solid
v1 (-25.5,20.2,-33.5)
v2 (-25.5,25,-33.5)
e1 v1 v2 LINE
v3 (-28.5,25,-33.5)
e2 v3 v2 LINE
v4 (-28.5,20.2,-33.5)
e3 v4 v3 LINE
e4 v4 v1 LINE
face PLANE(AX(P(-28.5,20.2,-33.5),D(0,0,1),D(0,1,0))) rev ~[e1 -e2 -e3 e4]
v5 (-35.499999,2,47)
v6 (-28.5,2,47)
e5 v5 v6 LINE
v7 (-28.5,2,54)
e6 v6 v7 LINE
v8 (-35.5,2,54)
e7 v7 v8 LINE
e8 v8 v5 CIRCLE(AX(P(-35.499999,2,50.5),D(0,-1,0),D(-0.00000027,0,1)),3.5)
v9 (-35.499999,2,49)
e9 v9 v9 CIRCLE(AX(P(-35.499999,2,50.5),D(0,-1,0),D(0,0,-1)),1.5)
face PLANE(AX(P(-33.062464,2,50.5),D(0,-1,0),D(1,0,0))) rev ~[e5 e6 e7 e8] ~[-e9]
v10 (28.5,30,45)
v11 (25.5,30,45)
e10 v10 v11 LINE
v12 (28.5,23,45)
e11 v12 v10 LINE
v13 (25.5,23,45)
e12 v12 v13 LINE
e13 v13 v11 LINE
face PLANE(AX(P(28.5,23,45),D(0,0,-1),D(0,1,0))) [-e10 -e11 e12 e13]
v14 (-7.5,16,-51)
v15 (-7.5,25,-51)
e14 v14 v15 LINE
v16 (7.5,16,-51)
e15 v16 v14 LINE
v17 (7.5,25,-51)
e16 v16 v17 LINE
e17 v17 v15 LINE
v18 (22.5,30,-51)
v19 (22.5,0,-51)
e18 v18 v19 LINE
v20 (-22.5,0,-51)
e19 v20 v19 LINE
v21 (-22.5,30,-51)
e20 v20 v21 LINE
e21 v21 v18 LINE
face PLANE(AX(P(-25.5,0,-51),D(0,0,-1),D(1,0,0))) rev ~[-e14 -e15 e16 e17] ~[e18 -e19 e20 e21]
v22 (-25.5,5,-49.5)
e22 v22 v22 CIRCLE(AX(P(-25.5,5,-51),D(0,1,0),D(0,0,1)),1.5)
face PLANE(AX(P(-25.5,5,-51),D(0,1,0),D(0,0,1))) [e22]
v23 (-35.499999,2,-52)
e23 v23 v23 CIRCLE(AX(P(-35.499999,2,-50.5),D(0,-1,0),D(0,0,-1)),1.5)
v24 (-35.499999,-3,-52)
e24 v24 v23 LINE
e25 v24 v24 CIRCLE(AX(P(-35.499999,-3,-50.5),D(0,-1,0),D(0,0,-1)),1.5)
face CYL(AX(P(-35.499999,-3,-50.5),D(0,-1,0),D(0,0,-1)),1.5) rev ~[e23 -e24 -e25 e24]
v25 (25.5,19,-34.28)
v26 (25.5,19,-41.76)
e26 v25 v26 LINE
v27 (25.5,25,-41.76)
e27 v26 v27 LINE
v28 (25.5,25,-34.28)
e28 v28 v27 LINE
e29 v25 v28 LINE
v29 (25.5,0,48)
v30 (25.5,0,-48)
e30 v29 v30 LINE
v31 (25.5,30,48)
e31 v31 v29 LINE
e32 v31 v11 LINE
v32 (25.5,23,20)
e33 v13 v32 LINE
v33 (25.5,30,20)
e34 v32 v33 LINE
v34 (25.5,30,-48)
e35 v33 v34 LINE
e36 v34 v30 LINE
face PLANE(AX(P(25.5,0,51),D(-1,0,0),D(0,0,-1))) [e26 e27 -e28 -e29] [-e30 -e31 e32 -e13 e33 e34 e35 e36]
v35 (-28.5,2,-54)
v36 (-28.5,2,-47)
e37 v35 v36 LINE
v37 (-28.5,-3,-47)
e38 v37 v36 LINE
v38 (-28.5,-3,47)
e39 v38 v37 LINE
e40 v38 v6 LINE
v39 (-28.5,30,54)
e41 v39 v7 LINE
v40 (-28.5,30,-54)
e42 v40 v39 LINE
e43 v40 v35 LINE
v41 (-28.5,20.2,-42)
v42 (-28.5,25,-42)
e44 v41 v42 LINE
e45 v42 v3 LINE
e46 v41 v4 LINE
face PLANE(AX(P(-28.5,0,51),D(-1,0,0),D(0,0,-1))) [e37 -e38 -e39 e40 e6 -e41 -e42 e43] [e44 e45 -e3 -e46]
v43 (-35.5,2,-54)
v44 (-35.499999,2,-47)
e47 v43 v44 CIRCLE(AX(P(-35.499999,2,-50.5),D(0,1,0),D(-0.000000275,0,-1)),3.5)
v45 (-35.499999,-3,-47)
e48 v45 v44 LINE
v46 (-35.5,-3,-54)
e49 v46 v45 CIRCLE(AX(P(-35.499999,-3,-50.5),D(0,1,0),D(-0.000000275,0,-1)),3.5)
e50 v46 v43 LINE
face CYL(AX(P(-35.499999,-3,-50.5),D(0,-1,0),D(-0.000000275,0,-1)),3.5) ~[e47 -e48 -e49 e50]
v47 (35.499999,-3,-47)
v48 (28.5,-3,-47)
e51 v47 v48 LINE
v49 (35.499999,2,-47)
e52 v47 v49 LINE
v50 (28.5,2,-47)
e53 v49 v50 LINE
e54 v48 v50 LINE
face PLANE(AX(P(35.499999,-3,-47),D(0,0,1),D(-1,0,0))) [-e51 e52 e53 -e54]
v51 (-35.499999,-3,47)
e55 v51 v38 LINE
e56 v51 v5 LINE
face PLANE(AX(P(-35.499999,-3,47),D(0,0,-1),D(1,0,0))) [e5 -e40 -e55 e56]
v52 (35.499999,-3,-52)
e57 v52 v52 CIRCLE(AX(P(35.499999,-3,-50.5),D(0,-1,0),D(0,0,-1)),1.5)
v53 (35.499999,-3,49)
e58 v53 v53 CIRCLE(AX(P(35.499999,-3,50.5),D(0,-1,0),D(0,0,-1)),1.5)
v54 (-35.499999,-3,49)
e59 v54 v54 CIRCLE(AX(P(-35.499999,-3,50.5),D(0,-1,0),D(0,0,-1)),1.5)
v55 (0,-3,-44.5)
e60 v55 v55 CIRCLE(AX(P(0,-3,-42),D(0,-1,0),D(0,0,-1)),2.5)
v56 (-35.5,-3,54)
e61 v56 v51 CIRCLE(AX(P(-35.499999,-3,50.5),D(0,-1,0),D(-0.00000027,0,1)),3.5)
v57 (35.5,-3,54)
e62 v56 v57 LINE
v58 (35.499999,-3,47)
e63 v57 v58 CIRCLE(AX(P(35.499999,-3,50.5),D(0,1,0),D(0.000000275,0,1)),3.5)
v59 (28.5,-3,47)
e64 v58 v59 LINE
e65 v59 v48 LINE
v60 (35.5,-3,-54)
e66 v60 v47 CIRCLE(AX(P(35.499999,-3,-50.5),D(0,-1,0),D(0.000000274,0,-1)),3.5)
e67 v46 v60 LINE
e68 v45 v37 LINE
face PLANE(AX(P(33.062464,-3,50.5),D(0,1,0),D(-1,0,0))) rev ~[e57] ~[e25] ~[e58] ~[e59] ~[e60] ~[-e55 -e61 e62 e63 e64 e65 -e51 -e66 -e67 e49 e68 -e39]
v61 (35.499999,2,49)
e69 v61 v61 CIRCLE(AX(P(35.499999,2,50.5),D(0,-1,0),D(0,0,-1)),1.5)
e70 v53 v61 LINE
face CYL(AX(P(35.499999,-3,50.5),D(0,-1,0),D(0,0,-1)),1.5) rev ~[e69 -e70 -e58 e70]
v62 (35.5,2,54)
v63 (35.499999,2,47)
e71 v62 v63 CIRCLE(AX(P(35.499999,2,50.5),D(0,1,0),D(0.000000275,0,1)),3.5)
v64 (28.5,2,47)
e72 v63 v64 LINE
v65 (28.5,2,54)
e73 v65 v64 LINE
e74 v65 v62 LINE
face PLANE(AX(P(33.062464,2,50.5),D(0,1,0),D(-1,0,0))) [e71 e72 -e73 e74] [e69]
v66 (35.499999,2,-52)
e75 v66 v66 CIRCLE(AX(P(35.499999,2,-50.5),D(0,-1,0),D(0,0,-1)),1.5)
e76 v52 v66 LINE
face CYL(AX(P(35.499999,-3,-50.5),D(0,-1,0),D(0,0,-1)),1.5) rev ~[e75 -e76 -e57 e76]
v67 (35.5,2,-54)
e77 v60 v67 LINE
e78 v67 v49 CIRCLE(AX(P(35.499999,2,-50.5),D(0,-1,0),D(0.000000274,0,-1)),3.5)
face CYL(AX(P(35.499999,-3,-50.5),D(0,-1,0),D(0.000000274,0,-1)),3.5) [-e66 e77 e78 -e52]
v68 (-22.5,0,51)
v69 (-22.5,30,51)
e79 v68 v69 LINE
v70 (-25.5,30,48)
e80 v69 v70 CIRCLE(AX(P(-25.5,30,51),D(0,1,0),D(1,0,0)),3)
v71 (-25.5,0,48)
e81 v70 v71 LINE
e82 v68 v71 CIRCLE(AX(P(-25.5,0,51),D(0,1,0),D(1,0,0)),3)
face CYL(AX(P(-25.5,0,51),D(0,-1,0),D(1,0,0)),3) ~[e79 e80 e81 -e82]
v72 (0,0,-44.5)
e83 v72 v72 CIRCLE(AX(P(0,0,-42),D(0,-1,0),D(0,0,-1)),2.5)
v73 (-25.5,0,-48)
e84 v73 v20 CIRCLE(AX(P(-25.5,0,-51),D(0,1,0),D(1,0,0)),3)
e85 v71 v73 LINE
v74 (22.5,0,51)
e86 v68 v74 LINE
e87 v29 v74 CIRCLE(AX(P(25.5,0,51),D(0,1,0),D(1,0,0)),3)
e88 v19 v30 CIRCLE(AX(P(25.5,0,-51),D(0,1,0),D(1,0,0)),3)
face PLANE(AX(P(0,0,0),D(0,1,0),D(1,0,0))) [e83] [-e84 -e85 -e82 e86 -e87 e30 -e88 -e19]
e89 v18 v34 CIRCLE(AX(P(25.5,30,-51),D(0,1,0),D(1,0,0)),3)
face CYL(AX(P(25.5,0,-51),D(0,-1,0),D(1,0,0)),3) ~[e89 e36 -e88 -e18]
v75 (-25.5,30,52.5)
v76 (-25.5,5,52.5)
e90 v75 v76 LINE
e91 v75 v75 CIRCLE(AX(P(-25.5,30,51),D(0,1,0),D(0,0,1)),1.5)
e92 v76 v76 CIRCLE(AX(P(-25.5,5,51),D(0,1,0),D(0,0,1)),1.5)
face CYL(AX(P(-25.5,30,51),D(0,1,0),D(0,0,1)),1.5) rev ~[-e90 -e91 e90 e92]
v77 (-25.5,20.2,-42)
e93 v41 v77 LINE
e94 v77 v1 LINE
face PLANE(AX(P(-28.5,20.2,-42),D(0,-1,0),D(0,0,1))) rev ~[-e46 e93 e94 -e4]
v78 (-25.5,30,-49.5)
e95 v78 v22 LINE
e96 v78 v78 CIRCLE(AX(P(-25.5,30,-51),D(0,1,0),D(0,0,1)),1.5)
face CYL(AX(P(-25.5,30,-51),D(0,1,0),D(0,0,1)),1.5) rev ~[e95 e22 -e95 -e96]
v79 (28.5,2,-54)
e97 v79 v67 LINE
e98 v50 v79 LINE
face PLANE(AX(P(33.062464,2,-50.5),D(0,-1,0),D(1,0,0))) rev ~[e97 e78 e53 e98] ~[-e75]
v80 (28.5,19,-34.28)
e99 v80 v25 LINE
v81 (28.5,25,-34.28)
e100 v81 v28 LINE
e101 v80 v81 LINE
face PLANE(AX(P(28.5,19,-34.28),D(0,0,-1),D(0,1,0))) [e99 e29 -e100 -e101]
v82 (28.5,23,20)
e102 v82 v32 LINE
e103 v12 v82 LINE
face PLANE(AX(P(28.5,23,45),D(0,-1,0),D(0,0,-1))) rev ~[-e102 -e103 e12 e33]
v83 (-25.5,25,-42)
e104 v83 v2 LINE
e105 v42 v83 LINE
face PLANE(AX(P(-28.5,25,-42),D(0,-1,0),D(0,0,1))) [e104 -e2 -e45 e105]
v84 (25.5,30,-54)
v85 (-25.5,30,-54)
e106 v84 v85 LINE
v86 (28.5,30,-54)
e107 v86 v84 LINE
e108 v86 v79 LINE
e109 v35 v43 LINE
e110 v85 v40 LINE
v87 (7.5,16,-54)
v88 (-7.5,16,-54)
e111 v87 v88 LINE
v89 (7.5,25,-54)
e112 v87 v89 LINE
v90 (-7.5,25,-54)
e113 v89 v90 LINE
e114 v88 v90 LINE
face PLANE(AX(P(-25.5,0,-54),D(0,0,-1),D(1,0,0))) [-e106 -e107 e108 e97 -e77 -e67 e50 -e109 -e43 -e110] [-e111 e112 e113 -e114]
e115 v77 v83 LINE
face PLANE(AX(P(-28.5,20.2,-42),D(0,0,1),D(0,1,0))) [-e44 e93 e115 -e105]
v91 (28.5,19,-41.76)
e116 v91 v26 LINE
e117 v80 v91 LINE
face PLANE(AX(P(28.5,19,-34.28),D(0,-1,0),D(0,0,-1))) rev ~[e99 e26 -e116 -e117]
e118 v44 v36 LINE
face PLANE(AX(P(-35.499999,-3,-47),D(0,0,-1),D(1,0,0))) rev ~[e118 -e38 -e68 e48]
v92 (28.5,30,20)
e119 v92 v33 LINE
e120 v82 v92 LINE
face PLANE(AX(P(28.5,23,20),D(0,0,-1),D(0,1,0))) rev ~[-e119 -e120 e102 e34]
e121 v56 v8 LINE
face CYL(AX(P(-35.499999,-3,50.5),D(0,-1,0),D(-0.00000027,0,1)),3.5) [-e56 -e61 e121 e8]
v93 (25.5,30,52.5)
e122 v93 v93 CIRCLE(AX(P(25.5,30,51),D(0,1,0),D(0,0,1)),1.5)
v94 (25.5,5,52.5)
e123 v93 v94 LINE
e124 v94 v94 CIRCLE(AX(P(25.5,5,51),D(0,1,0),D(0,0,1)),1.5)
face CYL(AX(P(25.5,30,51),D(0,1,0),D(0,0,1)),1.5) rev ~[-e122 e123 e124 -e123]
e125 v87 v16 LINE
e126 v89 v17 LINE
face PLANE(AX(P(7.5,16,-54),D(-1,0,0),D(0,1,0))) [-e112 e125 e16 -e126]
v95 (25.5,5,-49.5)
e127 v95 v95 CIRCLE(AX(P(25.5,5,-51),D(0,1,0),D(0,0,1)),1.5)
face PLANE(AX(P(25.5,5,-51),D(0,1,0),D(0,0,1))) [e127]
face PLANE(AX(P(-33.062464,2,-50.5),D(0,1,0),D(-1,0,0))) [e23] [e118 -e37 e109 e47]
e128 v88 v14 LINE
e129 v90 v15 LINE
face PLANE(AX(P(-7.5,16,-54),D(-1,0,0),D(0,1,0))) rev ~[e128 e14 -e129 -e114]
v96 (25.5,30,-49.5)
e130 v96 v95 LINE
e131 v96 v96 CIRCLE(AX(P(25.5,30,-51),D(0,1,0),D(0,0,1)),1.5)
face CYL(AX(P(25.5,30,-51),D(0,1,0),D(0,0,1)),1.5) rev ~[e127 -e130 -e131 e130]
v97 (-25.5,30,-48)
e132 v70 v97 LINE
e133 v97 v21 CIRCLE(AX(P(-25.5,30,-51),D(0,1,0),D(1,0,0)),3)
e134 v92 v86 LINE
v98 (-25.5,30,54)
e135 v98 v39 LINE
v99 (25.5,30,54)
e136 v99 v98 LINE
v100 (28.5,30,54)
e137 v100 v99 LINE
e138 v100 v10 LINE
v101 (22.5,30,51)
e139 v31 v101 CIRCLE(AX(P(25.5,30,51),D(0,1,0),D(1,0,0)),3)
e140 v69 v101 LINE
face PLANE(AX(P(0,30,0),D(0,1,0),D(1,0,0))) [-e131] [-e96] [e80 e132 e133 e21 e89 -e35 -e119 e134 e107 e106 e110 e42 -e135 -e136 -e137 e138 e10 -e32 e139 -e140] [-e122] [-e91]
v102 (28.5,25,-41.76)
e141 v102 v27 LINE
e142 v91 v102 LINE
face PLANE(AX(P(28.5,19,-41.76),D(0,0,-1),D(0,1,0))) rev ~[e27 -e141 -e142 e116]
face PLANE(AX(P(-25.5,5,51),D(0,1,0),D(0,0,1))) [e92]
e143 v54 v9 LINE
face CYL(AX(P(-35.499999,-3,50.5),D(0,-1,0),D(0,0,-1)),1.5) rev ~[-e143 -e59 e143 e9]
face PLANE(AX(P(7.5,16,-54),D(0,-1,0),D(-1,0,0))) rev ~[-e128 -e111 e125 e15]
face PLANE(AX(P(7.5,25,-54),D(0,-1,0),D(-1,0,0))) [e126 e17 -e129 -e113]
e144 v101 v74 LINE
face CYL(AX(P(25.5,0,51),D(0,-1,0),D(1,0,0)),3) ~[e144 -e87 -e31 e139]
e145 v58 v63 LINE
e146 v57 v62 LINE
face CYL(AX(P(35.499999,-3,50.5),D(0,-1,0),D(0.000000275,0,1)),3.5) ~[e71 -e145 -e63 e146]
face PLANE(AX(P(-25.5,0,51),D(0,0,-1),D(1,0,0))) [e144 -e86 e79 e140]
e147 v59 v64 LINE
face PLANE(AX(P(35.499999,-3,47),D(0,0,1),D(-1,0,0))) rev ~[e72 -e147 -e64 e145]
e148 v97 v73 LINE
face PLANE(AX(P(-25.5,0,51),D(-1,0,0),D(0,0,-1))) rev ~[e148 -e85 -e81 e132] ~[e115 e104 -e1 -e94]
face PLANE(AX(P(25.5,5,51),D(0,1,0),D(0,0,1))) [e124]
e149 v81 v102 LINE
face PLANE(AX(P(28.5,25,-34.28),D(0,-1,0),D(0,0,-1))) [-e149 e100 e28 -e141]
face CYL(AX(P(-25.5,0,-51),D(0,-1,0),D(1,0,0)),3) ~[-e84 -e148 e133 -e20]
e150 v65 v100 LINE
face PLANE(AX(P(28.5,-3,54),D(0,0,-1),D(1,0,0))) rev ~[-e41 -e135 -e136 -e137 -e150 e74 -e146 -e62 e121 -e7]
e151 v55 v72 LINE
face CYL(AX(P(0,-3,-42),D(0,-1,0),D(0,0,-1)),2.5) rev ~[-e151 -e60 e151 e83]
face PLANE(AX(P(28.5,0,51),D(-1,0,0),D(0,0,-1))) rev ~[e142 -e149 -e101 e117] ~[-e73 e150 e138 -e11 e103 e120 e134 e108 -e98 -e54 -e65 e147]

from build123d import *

# Parameters (mm, degrees)
CROQUIS1_W              = 51
CROQUIS1_H              = 102
SALIENTE_EXTRUIR1_DEPTH = 30
VACIADO1_T              = 3
CROQUIS5_R              = 1.5
SALIENTE_EXTRUIR2_DEPTH = 5
CROQUIS8_R              = 3
SALIENTE_EXTRUIR3_DEPTH = 30
CROQUIS10_R             = 1.5
CORTAR_EXTRUIR1_DEPTH   = 25
CROQUIS14_W             = 25
CROQUIS14_H             = 7
CORTAR_EXTRUIR3_DEPTH   = 3
CROQUIS15_W             = 8.5
CROQUIS15_H             = 4.8
CORTAR_EXTRUIR4_DEPTH   = 3
CROQUIS16_W             = 7.48
CROQUIS16_H             = 6
CORTAR_EXTRUIR5_DEPTH   = 3
CROQUIS17_R             = 2.5
CORTAR_EXTRUIR6_DEPTH   = 3
CROQUIS18_W             = 15
CROQUIS18_H             = 9
CORTAR_EXTRUIR7_DEPTH   = 54


with BuildPart() as part:
    # Croquis1 → Saliente-Extruir1 (new body)
    with BuildSketch(Plane(origin=(0, 0, 0), x_dir=(1, 0, 0), z_dir=(0, 1, 0))):
        Rectangle(CROQUIS1_W, CROQUIS1_H)
    extrude(amount=SALIENTE_EXTRUIR1_DEPTH)

    # Vaciado1
    vaciado1_openings = [part.faces().sort_by_distance(p)[0] for p in [
        (0, 30, 0),
    ]]
    offset(amount=VACIADO1_T, openings=vaciado1_openings, kind=Kind.INTERSECTION)

    # Croquis5 → Saliente-Extruir2 (add)
    # profile 1 of 4: a face of its own
    with BuildSketch(Plane.XZ.offset(3)):
        with BuildLine():
            Line((28.5, 54), (35.5, 54))
            ThreePointArc((35.5, 54), (38.999999038, 50.49999936), (35.49999872, 47))
            Line((35.49999872, 47), (28.5, 47))
            Line((28.5, 47), (28.5, 54))
        make_face()
        with Locations(Location((35.499999038, 50.5, 0), (0, 0, 270))):
            Circle(CROQUIS5_R, mode=Mode.SUBTRACT)
    # profile 2 of 4: a face of its own
    with BuildSketch(Plane.XZ.offset(3)):
        with BuildLine():
            Line((-28.5, 54), (-35.5, 54))
            ThreePointArc((-35.5, 54), (-38.999999054, 50.499999378), (-35.499998756, 47))
            Line((-35.499998756, 47), (-28.5, 47))
            Line((-28.5, 47), (-28.5, 54))
        make_face()
        with Locations(Location((-35.499999054, 50.5, 0), (0, 0, 270))):
            Circle(CROQUIS5_R, mode=Mode.SUBTRACT)
    # profile 3 of 4: a face of its own
    with BuildSketch(Plane.XZ.offset(3)):
        with BuildLine():
            Line((-28.5, -54), (-35.5, -54))
            ThreePointArc((-35.5, -54), (-38.999999038, -50.49999936), (-35.49999872, -47))
            Line((-35.49999872, -47), (-28.5, -47))
            Line((-28.5, -47), (-28.5, -54))
        make_face()
        with Locations(Location((-35.499999038, -50.5, 0), (0, 0, 270))):
            Circle(CROQUIS5_R, mode=Mode.SUBTRACT)
    # profile 4 of 4: a face of its own
    with BuildSketch(Plane.XZ.offset(3)):
        with BuildLine():
            Line((28.5, -54), (35.5, -54))
            ThreePointArc((35.5, -54), (38.999999041, -50.499999359), (35.499998718, -47))
            Line((35.499998718, -47), (28.5, -47))
            Line((28.5, -47), (28.5, -54))
        make_face()
        with Locations(Location((35.499999041, -50.5, 0), (0, 0, 270))):
            Circle(CROQUIS5_R, mode=Mode.SUBTRACT)
    extrude(amount=-SALIENTE_EXTRUIR2_DEPTH)

    # Croquis8 → Saliente-Extruir3 (add)
    with BuildSketch(Plane(origin=(0, 0, 0), x_dir=(1, 0, 0), z_dir=(0, 1, 0))):
        with Locations((-25.5, 51)):
            Circle(CROQUIS8_R)
        with Locations((25.5, 51)):
            Circle(CROQUIS8_R)
        with Locations((25.5, -51)):
            Circle(CROQUIS8_R)
        with Locations((-25.5, -51)):
            Circle(CROQUIS8_R)
    extrude(amount=SALIENTE_EXTRUIR3_DEPTH)

    # Croquis10 → Cortar-Extruir1 (cut)
    with BuildSketch(Plane(origin=(0, 30, 0), x_dir=(1, 0, 0), z_dir=(0, 1, 0))):
        with Locations(Location((-25.5, 51, 0), (0, 0, 270))):
            Circle(CROQUIS10_R)
        with Locations(Location((25.5, 51, 0), (0, 0, 270))):
            Circle(CROQUIS10_R)
        with Locations(Location((-25.5, -51, 0), (0, 0, 270))):
            Circle(CROQUIS10_R)
        with Locations(Location((25.5, -51, 0), (0, 0, 270))):
            Circle(CROQUIS10_R)
    extrude(amount=-CORTAR_EXTRUIR1_DEPTH, mode=Mode.SUBTRACT)

    # Croquis14 → Cortar-Extruir3 (cut)
    with BuildSketch(Plane(origin=(28.5, 0, 0), x_dir=(0, 0, -1), z_dir=(1, 0, 0))):
        with Locations((-32.5, 26.5)):
            Rectangle(CROQUIS14_W, CROQUIS14_H)
    extrude(amount=-CORTAR_EXTRUIR3_DEPTH, mode=Mode.SUBTRACT)

    # Croquis15 → Cortar-Extruir4 (cut)
    with BuildSketch(Plane.ZY.offset(28.5)):
        with Locations((-37.75, 22.6)):
            Rectangle(CROQUIS15_W, CROQUIS15_H)
    extrude(amount=-CORTAR_EXTRUIR4_DEPTH, mode=Mode.SUBTRACT)

    # Croquis16 → Cortar-Extruir5 (cut)
    with BuildSketch(Plane(origin=(28.5, 0, 0), x_dir=(0, 0, -1), z_dir=(1, 0, 0))):
        with Locations((38.02, 22)):
            Rectangle(CROQUIS16_W, CROQUIS16_H)
    extrude(amount=-CORTAR_EXTRUIR5_DEPTH, mode=Mode.SUBTRACT)

    # Croquis17 → Cortar-Extruir6 (cut)
    with BuildSketch(Plane.XZ.offset(3)):
        with Locations(Location((0, -42, 0), (0, 0, 270))):
            Circle(CROQUIS17_R)
    extrude(amount=-CORTAR_EXTRUIR6_DEPTH, mode=Mode.SUBTRACT)

    # Croquis18 → Cortar-Extruir7 (cut)
    with BuildSketch(Plane(origin=(0, 0, -54), x_dir=(-1, 0, 0), z_dir=(0, 0, -1))):
        with Locations((0, 20.5)):
            Rectangle(CROQUIS18_W, CROQUIS18_H)
    extrude(amount=-CORTAR_EXTRUIR7_DEPTH, mode=Mode.SUBTRACT)


solid = part.part
